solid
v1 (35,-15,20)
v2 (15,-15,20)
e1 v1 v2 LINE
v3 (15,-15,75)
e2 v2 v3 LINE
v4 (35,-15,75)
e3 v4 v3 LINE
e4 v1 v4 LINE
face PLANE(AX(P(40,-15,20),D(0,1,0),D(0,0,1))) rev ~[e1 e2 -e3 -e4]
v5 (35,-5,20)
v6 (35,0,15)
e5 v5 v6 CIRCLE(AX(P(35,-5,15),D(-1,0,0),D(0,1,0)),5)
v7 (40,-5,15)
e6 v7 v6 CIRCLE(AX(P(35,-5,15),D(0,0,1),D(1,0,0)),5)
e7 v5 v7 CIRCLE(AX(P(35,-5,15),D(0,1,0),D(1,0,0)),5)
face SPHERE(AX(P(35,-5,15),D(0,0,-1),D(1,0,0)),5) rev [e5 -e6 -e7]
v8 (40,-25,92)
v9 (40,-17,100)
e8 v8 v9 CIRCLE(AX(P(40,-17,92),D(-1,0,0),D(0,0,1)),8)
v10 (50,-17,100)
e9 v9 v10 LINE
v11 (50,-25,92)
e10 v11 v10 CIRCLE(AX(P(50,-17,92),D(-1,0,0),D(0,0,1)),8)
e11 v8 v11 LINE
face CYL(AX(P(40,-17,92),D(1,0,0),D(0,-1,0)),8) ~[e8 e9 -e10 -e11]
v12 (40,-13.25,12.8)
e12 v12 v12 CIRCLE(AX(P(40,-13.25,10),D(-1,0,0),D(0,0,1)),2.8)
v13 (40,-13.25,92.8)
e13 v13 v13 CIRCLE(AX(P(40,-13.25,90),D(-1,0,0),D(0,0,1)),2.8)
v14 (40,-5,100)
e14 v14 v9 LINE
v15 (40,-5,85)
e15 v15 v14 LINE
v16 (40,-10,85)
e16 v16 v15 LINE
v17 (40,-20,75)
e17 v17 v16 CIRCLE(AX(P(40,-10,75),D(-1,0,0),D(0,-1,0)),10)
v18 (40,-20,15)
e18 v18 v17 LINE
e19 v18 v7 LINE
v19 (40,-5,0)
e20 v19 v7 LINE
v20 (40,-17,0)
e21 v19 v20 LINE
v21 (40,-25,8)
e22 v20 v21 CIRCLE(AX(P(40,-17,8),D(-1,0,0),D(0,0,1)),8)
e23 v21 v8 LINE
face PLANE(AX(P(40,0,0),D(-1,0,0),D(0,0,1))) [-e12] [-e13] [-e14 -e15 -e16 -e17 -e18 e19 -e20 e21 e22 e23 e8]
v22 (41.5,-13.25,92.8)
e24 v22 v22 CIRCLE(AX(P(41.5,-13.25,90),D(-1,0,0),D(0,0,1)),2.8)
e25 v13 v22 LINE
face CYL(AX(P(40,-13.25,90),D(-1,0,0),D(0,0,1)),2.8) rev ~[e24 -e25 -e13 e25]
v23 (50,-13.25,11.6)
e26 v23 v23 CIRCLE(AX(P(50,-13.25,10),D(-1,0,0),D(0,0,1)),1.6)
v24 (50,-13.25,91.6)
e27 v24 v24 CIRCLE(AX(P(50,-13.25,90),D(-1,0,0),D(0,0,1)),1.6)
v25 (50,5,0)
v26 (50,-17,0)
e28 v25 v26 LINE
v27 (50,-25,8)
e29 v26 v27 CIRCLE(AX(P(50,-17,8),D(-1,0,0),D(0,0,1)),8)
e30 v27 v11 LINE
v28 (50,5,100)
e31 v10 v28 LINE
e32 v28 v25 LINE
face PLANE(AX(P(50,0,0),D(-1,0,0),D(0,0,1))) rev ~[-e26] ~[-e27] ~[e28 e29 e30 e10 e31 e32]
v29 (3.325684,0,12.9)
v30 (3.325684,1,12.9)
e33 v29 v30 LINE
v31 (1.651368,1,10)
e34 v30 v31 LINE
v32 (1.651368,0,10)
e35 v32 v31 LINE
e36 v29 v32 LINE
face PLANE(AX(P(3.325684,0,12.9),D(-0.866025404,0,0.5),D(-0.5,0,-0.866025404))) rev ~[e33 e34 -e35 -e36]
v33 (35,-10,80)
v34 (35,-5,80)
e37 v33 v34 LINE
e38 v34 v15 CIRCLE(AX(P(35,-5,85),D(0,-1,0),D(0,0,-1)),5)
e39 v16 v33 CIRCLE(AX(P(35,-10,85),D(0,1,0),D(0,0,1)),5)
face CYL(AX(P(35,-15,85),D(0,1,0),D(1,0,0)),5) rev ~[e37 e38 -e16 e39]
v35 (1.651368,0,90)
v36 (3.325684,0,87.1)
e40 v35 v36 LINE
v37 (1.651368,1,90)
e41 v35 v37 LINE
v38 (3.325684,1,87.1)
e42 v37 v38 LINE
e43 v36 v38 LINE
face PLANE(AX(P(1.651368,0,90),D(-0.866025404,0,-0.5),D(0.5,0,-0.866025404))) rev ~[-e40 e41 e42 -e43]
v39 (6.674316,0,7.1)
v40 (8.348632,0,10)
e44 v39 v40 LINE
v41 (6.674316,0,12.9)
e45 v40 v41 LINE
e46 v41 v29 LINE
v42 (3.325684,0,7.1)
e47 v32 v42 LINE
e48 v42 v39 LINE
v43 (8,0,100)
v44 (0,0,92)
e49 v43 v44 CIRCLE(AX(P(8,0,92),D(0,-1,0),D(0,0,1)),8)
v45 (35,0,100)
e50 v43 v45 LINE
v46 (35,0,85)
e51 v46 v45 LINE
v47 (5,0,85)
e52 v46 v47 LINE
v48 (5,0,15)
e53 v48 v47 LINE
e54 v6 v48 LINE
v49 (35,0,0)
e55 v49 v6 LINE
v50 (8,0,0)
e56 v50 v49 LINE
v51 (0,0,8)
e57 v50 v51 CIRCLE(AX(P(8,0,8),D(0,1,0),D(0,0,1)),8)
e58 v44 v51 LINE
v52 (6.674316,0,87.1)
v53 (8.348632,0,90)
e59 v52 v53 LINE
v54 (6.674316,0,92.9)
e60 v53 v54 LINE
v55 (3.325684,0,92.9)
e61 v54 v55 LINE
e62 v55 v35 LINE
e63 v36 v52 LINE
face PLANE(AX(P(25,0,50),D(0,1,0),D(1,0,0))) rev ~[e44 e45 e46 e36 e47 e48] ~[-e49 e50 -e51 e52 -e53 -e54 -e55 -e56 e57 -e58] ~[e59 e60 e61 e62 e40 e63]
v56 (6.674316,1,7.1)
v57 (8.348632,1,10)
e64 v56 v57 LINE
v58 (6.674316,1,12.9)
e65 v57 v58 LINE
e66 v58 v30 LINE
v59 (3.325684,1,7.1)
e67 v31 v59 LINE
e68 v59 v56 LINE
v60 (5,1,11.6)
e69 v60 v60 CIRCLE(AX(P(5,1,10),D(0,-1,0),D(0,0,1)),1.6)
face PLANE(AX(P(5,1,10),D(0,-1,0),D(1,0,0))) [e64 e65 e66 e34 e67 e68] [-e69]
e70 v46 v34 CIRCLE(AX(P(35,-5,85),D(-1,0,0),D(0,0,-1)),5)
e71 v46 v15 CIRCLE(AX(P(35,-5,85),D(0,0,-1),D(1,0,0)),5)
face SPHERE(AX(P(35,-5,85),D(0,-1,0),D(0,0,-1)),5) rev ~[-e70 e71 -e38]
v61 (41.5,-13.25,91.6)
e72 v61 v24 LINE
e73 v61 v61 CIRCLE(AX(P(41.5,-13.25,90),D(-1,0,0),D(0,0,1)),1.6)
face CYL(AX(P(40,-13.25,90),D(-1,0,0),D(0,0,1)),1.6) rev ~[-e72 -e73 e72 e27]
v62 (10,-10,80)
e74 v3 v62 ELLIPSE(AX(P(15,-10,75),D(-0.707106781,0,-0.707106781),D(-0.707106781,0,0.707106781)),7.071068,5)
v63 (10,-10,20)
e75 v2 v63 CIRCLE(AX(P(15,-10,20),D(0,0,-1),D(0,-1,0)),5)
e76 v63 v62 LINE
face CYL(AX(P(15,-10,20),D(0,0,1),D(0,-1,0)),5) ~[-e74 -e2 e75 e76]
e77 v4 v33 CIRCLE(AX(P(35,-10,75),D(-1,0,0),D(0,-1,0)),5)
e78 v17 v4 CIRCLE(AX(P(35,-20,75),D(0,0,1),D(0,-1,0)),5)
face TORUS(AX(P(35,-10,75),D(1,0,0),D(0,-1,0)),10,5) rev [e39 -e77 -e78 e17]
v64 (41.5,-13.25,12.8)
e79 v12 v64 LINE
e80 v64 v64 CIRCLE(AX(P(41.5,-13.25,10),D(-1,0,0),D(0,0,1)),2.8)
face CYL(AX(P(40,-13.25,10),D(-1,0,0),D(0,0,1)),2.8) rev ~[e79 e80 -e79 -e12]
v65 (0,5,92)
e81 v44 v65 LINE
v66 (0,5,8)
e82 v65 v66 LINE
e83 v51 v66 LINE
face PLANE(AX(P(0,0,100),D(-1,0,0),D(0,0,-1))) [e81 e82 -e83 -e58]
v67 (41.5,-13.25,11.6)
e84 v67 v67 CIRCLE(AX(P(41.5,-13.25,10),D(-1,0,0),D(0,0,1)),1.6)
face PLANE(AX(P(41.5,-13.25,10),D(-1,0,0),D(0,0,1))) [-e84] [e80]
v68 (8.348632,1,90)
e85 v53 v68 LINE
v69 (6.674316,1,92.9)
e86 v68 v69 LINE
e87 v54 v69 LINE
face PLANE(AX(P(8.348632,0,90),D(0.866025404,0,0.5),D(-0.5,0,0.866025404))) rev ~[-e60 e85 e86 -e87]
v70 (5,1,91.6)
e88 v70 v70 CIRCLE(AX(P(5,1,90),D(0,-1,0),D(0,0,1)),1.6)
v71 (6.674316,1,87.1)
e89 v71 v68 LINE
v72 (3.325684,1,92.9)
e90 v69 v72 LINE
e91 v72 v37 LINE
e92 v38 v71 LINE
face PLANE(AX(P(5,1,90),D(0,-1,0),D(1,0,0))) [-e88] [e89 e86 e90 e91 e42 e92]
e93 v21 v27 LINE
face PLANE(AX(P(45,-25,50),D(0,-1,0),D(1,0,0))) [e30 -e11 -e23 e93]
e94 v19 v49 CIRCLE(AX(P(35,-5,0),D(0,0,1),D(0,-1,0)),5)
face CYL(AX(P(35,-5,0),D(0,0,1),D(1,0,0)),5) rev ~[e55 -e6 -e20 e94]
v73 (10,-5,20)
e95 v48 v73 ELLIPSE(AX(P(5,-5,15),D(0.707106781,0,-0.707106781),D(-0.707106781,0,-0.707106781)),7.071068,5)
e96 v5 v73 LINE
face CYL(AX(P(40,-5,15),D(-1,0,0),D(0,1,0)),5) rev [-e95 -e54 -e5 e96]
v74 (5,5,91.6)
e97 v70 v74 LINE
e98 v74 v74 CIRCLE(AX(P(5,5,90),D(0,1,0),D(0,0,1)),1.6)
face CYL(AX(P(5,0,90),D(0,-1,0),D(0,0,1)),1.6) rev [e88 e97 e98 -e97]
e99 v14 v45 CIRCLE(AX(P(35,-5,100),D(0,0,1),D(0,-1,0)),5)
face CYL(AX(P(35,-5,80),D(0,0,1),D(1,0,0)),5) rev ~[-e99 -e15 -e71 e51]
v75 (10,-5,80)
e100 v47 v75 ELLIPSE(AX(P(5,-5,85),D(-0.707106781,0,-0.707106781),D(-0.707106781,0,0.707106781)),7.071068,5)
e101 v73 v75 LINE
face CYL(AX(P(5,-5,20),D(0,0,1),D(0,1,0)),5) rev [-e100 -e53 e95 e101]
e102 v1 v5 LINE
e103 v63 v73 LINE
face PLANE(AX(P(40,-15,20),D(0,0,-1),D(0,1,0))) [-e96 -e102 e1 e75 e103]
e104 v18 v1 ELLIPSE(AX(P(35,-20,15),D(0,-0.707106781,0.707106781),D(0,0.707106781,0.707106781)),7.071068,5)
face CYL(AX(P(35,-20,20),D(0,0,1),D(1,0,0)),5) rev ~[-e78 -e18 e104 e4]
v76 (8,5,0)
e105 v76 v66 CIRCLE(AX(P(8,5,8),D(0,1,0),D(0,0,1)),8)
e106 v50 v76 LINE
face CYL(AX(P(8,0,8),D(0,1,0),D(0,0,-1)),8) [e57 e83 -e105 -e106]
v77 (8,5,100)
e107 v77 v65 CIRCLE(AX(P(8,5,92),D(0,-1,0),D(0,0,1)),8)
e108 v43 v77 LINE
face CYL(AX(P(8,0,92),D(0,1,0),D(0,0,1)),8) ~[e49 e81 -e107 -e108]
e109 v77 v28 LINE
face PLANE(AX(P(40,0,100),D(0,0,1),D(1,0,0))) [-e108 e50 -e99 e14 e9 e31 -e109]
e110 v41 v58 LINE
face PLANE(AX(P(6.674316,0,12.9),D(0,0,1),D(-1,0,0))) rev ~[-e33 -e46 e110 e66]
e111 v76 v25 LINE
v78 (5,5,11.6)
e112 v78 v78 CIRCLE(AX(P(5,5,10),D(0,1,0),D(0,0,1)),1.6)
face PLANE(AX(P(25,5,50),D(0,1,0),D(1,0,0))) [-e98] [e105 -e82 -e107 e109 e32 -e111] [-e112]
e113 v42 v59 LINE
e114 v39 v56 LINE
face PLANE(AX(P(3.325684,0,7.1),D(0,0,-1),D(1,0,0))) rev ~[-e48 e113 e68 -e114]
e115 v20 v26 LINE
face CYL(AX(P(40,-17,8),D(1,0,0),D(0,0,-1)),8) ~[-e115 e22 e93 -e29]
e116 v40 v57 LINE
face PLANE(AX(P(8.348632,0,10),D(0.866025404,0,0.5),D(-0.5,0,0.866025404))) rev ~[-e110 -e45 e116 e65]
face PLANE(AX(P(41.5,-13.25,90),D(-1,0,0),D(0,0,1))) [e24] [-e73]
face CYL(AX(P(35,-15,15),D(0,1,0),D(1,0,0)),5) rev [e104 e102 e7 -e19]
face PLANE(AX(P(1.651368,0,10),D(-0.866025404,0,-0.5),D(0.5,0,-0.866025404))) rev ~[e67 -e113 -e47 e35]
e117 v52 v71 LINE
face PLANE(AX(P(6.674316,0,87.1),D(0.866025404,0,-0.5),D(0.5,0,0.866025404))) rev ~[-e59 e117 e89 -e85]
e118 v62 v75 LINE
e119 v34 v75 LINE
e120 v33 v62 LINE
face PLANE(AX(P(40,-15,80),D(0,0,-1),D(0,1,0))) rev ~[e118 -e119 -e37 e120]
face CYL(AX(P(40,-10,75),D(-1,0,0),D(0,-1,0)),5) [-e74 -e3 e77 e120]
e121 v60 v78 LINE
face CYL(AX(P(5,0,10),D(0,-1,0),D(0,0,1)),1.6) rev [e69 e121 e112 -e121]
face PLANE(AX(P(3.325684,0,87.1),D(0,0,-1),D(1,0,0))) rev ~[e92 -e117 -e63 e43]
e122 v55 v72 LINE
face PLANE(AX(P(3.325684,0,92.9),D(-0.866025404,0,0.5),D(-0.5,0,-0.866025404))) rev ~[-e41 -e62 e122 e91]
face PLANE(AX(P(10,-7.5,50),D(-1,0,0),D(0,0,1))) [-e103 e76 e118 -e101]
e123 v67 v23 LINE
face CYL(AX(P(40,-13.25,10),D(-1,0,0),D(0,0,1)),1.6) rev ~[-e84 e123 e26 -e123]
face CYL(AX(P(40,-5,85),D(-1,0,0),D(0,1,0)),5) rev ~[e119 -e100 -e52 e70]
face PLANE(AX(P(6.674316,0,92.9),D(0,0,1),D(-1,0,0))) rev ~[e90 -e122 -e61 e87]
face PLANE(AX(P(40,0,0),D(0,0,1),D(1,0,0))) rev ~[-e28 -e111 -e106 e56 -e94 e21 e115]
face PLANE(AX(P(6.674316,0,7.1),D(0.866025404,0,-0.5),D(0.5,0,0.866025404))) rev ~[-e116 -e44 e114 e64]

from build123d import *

# Parameters (mm, degrees)
CROQUIS1_W              = 50
CROQUIS1_H              = 100
CROQUIS1_R              = 1.6
SALIENTE_EXTRUIR1_DEPTH = 5
CROQUIS2_W              = 10
CROQUIS2_H              = 100
SALIENTE_EXTRUIR2_DEPTH = 25
CROQUIS3_R              = 1.6
CORTAR_EXTRUIR1_DEPTH   = 10
CORTAR_EXTRUIR2_DEPTH   = 1
REDONDEO1_R             = 8
CROQUIS5_W              = 60
CROQUIS5_H              = 15
SALIENTE_EXTRUIR3_DEPTH = 30
REDONDEO2_R             = 5
CROQUIS6_R              = 2.8
CORTAR_EXTRUIR3_DEPTH   = 1.5


with BuildPart() as part:
    # Croquis1 → Saliente-Extruir1 (new body)
    with BuildSketch(Plane(origin=(0, 0, 0), x_dir=(1, 0, 0), z_dir=(0, 1, 0))):
        with Locations((25, -50)):
            Rectangle(CROQUIS1_W, CROQUIS1_H)
        with Locations(Location((5, -10, 0), (0, 0, 270))):
            Circle(CROQUIS1_R, mode=Mode.SUBTRACT)
        with Locations(Location((5, -90, 0), (0, 0, 270))):
            Circle(CROQUIS1_R, mode=Mode.SUBTRACT)
    extrude(amount=SALIENTE_EXTRUIR1_DEPTH)

    # Croquis2 → Saliente-Extruir2 (add)
    with BuildSketch(Plane.XZ):
        with Locations((45, 50)):
            Rectangle(CROQUIS2_W, CROQUIS2_H)
    extrude(amount=SALIENTE_EXTRUIR2_DEPTH)

    # Croquis3 → Cortar-Extruir1 (cut)
    with BuildSketch(Plane.ZY.offset(-40)):
        with Locations((10, -13.25)):
            Circle(CROQUIS3_R)
        with Locations((90, -13.25)):
            Circle(CROQUIS3_R)
    extrude(amount=-CORTAR_EXTRUIR1_DEPTH, mode=Mode.SUBTRACT)

    # Croquis4 → Cortar-Extruir2 (cut)
    with BuildSketch(Plane.XZ):
        Polygon((3.325684219, 7.1), (6.674315781, 7.1), (8.348631561, 10), (6.674315781, 12.9), (3.325684219, 12.9), (1.651368439, 10), align=None)
        Polygon((3.325684219, 87.1), (6.674315781, 87.1), (8.348631561, 90), (6.674315781, 92.9), (3.325684219, 92.9), (1.651368439, 90), align=None)
    extrude(amount=-CORTAR_EXTRUIR2_DEPTH, mode=Mode.SUBTRACT)

    # Redondeo1
    redondeo1_edges = [part.edges().sort_by_distance(p)[0] for p in [
        (45, -25, 100),
        (45, -25, 0),
        (0, 2.5, 0),
        (0, 2.5, 100),
    ]]
    fillet(redondeo1_edges, radius=REDONDEO1_R)

    # Croquis5 → Saliente-Extruir3 (add)
    with BuildSketch(Plane.ZY.offset(-40)):
        with Locations((50, -7.5)):
            Rectangle(CROQUIS5_W, CROQUIS5_H)
    extrude(amount=SALIENTE_EXTRUIR3_DEPTH)

    # Redondeo2
    redondeo2_edges = [part.edges().sort_by_distance(p)[0] for p in [
        (40, 0, 10),
        (40, -7.5, 20),
        (25, 0, 20),
        (40, -15, 50),
        (40, -7.5, 80),
        (25, -15, 80),
        (25, 0, 80),
        (10, -15, 50),
        (10, 0, 50),
        (40, 0, 90),
    ]]
    fillet(redondeo2_edges, radius=REDONDEO2_R)

    # Croquis6 → Cortar-Extruir3 (cut)
    with BuildSketch(Plane.ZY.offset(-40)):
        with Locations((10, -13.25)):
            Circle(CROQUIS6_R)
        with Locations((90, -13.25)):
            Circle(CROQUIS6_R)
    extrude(amount=-CORTAR_EXTRUIR3_DEPTH, mode=Mode.SUBTRACT)


solid = part.part
